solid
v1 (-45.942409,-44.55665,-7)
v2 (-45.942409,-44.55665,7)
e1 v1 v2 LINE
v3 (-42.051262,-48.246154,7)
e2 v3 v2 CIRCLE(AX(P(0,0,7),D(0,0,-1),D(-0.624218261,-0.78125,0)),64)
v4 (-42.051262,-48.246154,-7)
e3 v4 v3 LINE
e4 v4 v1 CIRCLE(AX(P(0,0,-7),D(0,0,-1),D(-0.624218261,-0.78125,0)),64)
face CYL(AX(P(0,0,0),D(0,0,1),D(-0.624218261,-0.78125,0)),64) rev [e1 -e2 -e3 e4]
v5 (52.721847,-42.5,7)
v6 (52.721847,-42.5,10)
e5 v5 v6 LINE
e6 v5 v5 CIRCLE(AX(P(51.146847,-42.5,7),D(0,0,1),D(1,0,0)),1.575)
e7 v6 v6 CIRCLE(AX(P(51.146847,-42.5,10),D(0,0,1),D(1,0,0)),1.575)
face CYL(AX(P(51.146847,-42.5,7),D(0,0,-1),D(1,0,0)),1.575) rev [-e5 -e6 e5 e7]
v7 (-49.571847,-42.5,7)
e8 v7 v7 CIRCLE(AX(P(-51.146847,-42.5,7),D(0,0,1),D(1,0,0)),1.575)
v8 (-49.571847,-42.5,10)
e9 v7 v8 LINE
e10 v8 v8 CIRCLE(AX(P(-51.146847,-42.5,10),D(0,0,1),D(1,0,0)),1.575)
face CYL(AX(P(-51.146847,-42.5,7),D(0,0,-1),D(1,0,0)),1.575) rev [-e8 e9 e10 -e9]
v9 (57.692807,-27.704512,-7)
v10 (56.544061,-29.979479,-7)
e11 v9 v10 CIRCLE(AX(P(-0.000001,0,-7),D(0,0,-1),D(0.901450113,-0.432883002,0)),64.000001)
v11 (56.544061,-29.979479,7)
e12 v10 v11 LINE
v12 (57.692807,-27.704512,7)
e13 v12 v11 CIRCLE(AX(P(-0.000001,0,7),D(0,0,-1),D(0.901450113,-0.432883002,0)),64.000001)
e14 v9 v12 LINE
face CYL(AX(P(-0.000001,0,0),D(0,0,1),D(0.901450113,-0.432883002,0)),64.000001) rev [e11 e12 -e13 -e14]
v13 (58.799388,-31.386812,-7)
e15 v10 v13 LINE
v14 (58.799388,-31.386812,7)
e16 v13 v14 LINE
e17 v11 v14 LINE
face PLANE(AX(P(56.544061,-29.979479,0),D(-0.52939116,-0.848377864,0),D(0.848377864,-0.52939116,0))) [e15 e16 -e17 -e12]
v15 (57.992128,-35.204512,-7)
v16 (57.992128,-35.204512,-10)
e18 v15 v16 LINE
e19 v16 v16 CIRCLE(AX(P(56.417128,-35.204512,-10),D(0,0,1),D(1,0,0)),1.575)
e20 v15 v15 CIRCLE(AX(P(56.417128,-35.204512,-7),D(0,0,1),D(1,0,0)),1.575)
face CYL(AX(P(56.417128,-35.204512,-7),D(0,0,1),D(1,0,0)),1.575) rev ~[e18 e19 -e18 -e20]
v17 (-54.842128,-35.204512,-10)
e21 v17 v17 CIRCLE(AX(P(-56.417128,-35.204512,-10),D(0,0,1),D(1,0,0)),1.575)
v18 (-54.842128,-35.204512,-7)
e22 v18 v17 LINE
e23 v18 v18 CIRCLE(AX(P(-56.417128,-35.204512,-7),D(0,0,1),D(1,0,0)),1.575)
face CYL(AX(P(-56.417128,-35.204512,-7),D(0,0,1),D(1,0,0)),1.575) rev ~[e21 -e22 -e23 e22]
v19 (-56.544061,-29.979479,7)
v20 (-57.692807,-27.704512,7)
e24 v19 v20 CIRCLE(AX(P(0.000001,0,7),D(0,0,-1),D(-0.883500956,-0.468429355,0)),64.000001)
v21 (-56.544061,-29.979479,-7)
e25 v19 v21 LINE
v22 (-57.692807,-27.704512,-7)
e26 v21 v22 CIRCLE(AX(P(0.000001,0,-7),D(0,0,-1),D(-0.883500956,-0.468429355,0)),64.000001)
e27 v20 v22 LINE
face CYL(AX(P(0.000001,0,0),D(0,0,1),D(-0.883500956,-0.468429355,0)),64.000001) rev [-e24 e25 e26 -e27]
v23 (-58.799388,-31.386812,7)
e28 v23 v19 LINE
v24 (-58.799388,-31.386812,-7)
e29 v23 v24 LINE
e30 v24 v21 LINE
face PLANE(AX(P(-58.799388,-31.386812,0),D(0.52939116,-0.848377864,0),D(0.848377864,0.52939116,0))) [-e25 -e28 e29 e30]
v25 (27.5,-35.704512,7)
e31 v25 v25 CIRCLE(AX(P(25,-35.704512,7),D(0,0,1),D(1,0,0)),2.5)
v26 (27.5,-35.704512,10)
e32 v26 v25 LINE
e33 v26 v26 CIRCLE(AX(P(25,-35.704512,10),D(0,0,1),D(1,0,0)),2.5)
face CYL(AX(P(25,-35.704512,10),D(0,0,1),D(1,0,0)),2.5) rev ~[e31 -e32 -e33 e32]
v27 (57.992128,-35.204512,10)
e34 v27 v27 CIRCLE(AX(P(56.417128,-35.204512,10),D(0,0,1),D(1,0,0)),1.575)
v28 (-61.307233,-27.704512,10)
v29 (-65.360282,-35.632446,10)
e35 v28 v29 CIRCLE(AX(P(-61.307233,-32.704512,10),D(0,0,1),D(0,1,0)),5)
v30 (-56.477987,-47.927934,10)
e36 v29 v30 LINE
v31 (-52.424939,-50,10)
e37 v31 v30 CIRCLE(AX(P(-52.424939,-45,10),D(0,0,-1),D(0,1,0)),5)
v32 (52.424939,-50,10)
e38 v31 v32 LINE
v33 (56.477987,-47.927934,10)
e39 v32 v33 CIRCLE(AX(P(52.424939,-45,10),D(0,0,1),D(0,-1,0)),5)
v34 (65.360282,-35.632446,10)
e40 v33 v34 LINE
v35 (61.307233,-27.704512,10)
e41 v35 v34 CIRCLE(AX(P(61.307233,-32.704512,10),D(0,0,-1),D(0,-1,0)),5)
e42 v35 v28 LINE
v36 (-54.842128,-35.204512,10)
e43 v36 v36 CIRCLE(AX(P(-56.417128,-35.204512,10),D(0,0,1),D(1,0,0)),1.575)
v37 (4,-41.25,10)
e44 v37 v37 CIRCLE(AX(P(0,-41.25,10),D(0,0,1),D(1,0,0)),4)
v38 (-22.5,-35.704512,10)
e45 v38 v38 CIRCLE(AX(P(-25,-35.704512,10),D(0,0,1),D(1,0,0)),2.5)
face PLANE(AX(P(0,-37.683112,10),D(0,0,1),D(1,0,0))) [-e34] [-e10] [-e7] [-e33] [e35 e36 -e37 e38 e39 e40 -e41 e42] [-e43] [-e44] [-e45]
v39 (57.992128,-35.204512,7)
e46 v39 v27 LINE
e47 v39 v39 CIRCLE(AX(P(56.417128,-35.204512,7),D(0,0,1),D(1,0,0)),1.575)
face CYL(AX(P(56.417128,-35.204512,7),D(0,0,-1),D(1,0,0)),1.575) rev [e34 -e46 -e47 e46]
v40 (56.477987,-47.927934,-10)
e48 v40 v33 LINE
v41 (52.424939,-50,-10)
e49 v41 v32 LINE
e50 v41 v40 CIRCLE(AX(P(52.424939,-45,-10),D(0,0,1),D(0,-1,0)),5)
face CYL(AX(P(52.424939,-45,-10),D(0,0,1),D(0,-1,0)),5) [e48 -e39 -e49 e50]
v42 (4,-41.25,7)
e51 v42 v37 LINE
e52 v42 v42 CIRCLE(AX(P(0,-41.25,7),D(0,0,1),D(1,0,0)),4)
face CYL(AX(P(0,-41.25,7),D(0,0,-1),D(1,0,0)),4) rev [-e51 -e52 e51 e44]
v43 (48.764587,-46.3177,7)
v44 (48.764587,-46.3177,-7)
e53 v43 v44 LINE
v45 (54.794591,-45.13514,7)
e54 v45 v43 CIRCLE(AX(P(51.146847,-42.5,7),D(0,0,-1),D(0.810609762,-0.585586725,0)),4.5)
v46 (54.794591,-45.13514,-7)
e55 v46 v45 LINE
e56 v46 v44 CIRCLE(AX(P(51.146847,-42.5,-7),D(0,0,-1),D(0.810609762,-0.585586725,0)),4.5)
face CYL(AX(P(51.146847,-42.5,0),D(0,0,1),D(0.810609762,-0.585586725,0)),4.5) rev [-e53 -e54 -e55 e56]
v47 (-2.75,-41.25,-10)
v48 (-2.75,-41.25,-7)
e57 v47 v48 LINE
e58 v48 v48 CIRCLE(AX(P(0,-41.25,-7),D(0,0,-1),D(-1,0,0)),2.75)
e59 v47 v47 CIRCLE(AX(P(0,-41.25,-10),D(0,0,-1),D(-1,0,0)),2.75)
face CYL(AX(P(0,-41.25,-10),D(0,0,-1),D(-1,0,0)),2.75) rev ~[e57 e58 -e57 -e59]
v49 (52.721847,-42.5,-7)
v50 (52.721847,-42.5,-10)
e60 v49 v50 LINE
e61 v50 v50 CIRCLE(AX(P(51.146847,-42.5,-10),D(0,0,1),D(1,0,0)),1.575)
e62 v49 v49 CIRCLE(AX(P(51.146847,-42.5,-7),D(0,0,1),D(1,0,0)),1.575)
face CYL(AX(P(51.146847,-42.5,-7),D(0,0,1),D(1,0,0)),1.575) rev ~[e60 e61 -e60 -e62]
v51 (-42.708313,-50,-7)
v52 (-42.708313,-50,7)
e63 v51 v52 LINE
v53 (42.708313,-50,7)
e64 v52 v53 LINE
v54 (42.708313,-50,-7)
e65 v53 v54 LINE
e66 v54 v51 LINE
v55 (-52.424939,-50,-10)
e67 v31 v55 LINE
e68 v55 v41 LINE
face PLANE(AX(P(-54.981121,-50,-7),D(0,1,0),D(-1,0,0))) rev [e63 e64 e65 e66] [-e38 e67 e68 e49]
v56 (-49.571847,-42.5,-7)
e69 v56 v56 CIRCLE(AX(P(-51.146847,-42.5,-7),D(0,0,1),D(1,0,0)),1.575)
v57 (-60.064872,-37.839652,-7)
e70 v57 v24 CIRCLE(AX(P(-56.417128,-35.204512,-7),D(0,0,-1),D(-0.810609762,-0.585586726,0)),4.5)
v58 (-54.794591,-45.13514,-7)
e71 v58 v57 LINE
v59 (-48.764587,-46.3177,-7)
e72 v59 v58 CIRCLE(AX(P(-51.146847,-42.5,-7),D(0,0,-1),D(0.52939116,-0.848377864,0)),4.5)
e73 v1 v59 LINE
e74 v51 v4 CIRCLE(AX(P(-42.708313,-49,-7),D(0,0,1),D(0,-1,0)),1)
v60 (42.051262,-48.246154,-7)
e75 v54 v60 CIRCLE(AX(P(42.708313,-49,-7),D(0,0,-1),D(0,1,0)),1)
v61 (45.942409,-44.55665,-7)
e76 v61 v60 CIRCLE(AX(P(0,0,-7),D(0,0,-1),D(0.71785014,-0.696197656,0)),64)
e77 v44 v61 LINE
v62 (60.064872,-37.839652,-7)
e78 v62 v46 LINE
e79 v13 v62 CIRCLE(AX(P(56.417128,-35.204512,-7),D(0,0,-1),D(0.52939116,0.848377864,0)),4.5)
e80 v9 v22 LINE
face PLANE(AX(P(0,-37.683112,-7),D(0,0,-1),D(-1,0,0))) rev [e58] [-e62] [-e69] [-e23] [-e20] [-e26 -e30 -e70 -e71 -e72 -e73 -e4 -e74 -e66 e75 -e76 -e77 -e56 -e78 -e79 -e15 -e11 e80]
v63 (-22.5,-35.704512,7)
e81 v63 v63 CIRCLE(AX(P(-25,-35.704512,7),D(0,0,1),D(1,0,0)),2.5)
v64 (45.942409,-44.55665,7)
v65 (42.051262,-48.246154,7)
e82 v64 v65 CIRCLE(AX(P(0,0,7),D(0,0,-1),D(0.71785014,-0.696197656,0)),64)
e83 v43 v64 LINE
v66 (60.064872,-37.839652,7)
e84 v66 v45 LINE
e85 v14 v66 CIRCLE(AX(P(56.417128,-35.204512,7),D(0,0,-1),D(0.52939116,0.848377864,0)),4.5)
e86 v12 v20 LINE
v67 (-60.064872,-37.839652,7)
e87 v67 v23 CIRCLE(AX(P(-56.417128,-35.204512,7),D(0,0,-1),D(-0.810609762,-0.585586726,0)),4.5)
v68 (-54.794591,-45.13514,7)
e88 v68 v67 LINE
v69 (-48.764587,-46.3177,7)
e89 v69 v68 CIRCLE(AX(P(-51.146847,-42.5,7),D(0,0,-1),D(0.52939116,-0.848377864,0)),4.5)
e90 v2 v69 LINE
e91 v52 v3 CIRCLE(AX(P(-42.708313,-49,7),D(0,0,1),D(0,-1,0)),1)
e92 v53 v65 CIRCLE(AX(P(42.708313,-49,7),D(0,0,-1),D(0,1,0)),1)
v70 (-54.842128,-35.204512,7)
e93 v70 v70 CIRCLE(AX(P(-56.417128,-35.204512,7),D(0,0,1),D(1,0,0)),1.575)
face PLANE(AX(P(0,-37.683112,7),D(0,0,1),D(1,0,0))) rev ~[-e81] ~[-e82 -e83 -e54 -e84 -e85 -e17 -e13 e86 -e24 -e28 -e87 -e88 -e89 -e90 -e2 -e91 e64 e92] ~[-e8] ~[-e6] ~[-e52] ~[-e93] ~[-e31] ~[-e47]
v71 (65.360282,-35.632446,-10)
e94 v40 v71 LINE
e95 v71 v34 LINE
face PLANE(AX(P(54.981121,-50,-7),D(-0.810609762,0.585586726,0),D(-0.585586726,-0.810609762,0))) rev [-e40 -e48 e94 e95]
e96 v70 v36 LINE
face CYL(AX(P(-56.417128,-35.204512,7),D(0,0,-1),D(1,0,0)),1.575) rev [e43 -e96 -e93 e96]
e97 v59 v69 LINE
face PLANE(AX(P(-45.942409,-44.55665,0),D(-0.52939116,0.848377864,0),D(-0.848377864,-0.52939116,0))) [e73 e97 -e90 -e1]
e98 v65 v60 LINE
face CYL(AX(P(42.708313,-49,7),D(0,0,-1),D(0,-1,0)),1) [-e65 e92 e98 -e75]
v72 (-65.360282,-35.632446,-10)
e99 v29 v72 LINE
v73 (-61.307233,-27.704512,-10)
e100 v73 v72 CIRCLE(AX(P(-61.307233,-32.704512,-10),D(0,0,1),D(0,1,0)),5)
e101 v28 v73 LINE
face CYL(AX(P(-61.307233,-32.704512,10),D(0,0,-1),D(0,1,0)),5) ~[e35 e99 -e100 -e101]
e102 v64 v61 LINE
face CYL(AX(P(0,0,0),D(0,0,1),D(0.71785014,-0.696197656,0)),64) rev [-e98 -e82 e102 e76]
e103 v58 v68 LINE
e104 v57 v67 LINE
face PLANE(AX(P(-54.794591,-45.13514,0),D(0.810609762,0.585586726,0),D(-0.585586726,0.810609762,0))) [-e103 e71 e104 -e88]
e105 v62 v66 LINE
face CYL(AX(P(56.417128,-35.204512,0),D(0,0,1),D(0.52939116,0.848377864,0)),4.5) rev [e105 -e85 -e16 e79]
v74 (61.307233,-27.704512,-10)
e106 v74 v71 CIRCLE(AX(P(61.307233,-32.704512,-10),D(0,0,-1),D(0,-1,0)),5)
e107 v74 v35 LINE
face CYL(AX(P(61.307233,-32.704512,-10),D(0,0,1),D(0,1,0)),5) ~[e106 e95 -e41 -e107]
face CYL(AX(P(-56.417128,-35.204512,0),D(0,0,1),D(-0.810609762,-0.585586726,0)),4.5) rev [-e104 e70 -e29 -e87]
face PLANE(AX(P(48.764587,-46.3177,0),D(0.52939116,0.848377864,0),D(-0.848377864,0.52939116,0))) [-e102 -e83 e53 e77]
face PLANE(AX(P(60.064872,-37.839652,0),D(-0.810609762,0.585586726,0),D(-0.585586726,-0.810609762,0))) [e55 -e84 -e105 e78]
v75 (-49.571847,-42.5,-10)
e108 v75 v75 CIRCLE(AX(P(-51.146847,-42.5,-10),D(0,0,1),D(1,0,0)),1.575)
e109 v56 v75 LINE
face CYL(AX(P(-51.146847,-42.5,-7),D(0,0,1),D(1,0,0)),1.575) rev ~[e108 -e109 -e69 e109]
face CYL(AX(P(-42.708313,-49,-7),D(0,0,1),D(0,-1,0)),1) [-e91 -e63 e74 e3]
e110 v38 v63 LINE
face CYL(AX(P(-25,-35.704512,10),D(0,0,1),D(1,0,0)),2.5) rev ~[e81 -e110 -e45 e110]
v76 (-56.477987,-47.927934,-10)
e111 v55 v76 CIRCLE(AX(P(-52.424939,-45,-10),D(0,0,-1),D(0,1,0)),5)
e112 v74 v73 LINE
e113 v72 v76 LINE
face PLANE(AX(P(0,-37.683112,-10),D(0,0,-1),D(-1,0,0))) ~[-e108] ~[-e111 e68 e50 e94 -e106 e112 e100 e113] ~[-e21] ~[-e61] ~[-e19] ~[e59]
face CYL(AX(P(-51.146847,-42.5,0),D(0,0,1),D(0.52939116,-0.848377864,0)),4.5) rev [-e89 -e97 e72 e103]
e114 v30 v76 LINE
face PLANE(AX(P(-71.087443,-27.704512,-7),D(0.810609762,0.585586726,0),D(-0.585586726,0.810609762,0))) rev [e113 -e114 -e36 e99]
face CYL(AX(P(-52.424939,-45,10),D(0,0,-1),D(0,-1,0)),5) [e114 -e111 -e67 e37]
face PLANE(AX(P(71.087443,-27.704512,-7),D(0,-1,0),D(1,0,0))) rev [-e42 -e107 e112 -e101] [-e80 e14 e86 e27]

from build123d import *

# Parameters (mm, degrees)
BOSS_EXTRUDE1_DEPTH   = 7
BOSS_EXTRUDE1_2_DEPTH = 7
SKETCH2_R             = 4
SKETCH2_R_2           = 1.575
BOSS_EXTRUDE2_DEPTH   = 3
FILLET1_R             = 5
FILLET2_R             = 1
SKETCH3_R             = 6.014810067
SKETCH3_R_2           = 2.75
BOSS_EXTRUDE3_DEPTH   = 3
SKETCH4_R             = 2.5
CUT_EXTRUDE1_DEPTH    = 10


with BuildPart() as part:
    # Sketch1 → Boss-Extrude1 (new, symmetric)
    with BuildSketch(Plane.XY):
        with BuildLine():
            Line((-57.692807239, -27.704512139), (-71.0874428, -27.704512139))
            Line((-71.0874428, -27.704512139), (-54.981120944, -50))
            Line((-54.981120944, -50), (-39.949968711, -50))
            ThreePointArc((-39.949968711, -50), (-43.032344249, -47.373171188), (-45.942408988, -44.556649968))
            Line((-45.942408988, -44.556649968), (-48.76458719, -46.317700387))
            ThreePointArc((-48.76458719, -46.317700387), (-52.012858014, -46.915883336), (-54.794591341, -45.135140265))
            Line((-54.794591341, -45.135140265), (-60.064871871, -37.839652404))
            ThreePointArc((-60.064871871, -37.839652404), (-60.833011276, -34.338501535), (-58.79938816, -31.386811752))
            Line((-58.79938816, -31.386811752), (-56.544061175, -29.979478746))
            ThreePointArc((-56.544061175, -29.979478746), (-57.129759272, -28.847714043), (-57.692807239, -27.704512139))
        make_face()
    extrude(amount=BOSS_EXTRUDE1_DEPTH, both=True)



with BuildPart() as body_2:
    # Sketch1 → Boss-Extrude1 2 (new, symmetric)
    with BuildSketch(Plane.XY):
        with BuildLine():
            Line((39.949968711, -50), (54.981120944, -50))
            Line((54.981120944, -50), (71.0874428, -27.704512139))
            Line((71.0874428, -27.704512139), (57.692807239, -27.704512139))
            ThreePointArc((57.692807239, -27.704512139), (57.129759272, -28.847714043), (56.544061175, -29.979478746))
            Line((56.544061175, -29.979478746), (58.79938816, -31.386811752))
            ThreePointArc((58.79938816, -31.386811752), (60.833011276, -34.338501535), (60.064871871, -37.839652404))
            Line((60.064871871, -37.839652404), (54.794591341, -45.135140265))
            ThreePointArc((54.794591341, -45.135140265), (52.012858014, -46.915883336), (48.76458719, -46.317700387))
            Line((48.76458719, -46.317700387), (45.942408988, -44.556649968))
            ThreePointArc((45.942408988, -44.556649968), (43.032344249, -47.373171188), (39.949968711, -50))
        make_face()
    extrude(amount=BOSS_EXTRUDE1_2_DEPTH, both=True)


with BuildPart() as part_1:
    add(part.part)

    add(body_2.part)  # Boss-Extrude2 merges body 2
    # Sketch2 → Boss-Extrude2 (add)
    with BuildSketch(Plane.XY.offset(7)):
        Polygon((-54.981120944, -50), (54.981120944, -50), (71.0874428, -27.704512139), (-71.0874428, -27.704512139), align=None)
        with Locations((0, -41.25)):
            Circle(SKETCH2_R, mode=Mode.SUBTRACT)
        with Locations((-51.14684741, -42.5)):
            Circle(SKETCH2_R_2, mode=Mode.SUBTRACT)
        with Locations((-56.417127941, -35.204512139)):
            Circle(SKETCH2_R_2, mode=Mode.SUBTRACT)
        with Locations((56.417127941, -35.204512139)):
            Circle(SKETCH2_R_2, mode=Mode.SUBTRACT)
        with Locations((51.14684741, -42.5)):
            Circle(SKETCH2_R_2, mode=Mode.SUBTRACT)
    boss_extrude2 = extrude(amount=BOSS_EXTRUDE2_DEPTH)

    # Mirror2: Boss-Extrude2 across plane
    add(boss_extrude2.mirror(Plane.XY))

    # Fillet1
    fillet1_edges = [part_1.edges().sort_by_distance(p)[0] for p in [
        (-54.981120944, -50, 0),
        (-71.0874428, -27.704512139, 0),
        (54.981120944, -50, 0),
        (71.0874428, -27.704512139, 0),
    ]]
    fillet(fillet1_edges, radius=FILLET1_R)

    # Fillet2
    fillet2_edges = [part_1.edges().sort_by_distance(p)[0] for p in [
        (-39.949968711, -50, 0),
        (39.949968711, -50, 0),
    ]]
    fillet(fillet2_edges, radius=FILLET2_R)

    # Sketch3 → Boss-Extrude3 (add)
    with BuildSketch(Plane(origin=(0, 0, -10), x_dir=(-1, 0, 0), z_dir=(0, 0, -1))):
        with Locations((0, -41.25)):
            Circle(SKETCH3_R)
        with Locations((0, -41.25)):
            Circle(SKETCH3_R_2, mode=Mode.SUBTRACT)
    extrude(amount=-BOSS_EXTRUDE3_DEPTH)

    # Sketch4 → Cut-Extrude1 (cut)
    with BuildSketch(Plane.XY.offset(10)):
        with Locations((-25, -35.704512139)):
            Circle(SKETCH4_R)
        with Locations((25, -35.704512139)):
            Circle(SKETCH4_R)
    extrude(amount=-CUT_EXTRUDE1_DEPTH, mode=Mode.SUBTRACT)


solid = part_1.part
